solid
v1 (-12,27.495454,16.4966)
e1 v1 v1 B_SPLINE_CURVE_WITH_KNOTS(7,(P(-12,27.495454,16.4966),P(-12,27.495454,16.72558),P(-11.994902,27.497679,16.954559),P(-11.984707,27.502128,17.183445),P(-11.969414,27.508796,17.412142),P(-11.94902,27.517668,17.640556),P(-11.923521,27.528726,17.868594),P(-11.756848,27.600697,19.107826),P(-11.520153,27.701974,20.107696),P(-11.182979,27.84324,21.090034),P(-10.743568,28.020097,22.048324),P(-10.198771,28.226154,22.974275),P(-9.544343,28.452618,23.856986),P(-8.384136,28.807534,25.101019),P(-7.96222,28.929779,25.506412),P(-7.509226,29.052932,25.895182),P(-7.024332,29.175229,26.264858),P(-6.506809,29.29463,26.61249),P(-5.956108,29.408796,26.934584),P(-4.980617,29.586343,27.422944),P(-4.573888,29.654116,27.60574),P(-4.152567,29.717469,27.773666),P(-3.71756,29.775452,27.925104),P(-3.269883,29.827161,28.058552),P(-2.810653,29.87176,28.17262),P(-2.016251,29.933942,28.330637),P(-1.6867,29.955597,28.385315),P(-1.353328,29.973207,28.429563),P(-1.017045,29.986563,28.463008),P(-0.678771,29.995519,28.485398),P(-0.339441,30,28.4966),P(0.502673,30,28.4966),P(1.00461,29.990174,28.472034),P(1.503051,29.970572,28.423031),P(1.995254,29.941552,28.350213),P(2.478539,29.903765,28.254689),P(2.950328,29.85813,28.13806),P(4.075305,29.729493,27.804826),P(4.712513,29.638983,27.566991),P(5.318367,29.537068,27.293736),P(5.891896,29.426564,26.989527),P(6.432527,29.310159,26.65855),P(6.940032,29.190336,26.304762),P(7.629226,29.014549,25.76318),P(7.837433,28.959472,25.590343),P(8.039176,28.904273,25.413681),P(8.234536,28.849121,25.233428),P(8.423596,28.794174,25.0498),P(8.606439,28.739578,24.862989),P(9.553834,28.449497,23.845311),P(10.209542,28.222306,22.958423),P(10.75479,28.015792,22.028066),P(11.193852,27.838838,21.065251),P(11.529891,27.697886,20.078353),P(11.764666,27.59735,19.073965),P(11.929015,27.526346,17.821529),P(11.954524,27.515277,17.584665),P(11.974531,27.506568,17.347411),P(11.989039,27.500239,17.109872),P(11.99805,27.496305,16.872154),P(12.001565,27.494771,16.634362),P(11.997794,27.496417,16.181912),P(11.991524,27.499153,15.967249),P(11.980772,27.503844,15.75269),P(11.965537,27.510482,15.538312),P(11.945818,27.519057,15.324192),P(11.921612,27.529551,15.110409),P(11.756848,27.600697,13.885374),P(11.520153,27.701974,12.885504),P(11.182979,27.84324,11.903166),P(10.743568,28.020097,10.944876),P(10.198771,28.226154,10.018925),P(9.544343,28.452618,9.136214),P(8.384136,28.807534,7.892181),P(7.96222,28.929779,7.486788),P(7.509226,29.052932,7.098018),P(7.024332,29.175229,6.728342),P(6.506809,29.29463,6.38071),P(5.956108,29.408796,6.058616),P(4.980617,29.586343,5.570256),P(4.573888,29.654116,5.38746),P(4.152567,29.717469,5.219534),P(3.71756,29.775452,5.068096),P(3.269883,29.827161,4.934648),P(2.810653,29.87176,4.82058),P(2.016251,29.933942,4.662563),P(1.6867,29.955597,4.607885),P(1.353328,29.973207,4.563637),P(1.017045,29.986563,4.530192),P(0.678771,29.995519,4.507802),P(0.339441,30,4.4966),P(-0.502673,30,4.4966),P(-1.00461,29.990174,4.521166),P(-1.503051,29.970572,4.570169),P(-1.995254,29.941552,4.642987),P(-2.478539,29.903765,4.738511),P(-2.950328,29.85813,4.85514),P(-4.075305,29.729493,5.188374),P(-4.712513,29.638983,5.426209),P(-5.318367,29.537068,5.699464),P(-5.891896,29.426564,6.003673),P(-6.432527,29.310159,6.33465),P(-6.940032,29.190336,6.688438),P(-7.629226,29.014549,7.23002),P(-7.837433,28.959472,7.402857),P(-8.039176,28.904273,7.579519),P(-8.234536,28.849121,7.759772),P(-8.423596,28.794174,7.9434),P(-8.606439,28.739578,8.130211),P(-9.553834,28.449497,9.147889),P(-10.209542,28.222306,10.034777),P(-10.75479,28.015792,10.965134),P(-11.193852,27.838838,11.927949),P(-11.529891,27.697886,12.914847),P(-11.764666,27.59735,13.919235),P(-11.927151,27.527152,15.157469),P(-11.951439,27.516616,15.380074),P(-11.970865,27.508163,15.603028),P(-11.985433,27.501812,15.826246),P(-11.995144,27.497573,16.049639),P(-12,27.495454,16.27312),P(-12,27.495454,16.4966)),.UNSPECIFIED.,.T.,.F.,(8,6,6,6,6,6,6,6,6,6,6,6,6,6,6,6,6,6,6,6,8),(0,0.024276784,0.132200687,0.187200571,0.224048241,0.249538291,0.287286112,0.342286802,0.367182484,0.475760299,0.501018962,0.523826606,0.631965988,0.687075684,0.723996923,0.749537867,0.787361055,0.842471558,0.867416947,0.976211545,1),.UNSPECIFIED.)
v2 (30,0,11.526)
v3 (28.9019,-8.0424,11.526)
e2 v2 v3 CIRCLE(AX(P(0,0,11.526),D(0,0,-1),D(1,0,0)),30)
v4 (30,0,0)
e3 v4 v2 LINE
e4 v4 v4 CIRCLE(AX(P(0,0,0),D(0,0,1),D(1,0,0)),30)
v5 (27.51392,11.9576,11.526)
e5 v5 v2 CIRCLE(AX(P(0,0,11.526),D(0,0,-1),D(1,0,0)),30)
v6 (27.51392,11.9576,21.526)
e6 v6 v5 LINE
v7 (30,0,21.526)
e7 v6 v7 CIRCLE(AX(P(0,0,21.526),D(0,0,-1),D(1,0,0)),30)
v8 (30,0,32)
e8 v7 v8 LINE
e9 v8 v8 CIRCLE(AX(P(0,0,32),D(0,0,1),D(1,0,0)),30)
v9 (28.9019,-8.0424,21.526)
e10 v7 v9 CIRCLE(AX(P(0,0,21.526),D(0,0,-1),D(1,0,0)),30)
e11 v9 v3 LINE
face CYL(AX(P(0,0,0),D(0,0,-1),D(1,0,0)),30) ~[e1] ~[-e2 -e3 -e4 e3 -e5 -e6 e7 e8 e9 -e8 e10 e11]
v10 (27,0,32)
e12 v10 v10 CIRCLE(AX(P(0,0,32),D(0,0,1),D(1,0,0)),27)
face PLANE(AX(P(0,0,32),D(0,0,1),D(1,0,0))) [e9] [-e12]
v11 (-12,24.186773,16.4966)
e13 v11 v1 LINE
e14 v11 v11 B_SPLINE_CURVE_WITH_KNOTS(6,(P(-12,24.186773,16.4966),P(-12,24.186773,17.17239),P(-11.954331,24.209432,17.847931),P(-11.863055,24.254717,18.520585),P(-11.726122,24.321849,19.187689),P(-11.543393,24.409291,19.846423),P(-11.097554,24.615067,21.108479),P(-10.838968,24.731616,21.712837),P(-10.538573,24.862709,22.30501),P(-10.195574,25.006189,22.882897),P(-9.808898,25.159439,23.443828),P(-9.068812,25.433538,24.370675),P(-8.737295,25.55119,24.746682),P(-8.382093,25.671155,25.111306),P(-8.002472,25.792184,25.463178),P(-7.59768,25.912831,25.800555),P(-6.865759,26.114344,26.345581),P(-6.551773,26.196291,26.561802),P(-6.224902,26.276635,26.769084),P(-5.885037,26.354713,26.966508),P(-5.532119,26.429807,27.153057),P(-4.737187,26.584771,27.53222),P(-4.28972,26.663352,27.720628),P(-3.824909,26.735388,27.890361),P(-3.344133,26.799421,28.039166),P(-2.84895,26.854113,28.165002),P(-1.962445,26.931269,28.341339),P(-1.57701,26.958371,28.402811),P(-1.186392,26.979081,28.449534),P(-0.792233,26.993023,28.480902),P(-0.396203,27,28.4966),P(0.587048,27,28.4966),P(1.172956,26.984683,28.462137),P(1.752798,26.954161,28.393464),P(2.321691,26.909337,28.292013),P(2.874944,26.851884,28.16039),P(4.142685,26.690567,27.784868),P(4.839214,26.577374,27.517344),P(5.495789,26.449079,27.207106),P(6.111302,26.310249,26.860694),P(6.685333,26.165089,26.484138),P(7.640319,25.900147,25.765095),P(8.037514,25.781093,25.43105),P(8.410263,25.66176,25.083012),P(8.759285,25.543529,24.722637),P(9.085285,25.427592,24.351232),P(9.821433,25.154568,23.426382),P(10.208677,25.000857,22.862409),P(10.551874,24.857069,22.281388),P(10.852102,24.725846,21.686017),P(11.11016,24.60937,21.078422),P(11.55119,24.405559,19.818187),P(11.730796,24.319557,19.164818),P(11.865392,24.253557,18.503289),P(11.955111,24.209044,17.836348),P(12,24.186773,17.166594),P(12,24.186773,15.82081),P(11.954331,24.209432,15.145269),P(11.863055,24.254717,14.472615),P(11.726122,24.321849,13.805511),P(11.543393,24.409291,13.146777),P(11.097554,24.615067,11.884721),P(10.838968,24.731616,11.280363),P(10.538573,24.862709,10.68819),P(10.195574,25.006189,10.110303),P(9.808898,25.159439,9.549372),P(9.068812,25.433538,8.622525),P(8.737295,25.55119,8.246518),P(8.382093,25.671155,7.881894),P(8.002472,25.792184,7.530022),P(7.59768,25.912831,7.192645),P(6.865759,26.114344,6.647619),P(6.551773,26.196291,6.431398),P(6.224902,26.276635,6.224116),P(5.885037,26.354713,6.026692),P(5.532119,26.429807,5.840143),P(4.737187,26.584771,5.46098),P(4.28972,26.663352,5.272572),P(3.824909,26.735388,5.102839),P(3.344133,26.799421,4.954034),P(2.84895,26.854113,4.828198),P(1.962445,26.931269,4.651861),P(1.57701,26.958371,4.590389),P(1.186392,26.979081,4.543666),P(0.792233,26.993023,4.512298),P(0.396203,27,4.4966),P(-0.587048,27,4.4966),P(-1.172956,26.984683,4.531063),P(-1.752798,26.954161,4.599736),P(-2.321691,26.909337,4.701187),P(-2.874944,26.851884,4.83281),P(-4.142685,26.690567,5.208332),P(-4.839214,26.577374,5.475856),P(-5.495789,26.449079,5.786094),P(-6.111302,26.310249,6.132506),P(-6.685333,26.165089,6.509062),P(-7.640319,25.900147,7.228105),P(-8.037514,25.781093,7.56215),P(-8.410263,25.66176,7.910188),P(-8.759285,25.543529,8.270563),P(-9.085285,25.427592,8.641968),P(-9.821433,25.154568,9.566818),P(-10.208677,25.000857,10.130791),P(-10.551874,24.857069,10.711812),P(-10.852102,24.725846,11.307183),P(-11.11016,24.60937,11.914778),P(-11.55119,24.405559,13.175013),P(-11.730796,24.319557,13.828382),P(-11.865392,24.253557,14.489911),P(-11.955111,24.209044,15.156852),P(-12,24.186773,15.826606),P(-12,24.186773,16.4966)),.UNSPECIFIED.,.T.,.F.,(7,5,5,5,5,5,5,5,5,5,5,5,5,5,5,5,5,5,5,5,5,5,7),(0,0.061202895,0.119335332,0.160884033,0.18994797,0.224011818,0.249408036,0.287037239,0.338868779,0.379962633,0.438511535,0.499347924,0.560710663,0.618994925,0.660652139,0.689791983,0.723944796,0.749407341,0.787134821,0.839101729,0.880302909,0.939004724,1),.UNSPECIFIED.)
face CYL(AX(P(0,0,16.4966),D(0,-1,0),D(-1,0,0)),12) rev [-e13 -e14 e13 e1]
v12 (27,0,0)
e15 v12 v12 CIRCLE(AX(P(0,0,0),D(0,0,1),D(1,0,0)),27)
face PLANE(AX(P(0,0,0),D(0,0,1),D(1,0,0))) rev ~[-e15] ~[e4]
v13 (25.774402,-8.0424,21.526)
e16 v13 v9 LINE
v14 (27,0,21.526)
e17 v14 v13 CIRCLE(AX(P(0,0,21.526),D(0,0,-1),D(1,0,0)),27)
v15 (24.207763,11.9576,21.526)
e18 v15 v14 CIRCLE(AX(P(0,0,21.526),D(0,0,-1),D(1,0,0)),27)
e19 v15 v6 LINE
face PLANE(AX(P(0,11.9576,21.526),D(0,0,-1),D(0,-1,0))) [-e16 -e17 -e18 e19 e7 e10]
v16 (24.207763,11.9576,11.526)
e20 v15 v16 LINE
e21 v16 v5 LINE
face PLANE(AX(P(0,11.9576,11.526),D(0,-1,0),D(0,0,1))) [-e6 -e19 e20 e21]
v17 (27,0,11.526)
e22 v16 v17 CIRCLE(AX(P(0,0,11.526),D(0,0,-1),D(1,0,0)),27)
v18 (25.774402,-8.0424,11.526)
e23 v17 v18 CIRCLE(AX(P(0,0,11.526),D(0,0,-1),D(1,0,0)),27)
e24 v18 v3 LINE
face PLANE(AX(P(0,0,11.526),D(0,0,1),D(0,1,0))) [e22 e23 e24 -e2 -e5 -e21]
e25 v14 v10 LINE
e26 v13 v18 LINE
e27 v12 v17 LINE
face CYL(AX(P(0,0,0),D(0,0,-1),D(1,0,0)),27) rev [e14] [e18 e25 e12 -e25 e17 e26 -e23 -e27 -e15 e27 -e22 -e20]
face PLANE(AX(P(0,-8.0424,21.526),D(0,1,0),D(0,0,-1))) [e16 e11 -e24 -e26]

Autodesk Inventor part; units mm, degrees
ref_plane "YZ Plane" through (0, 0, 0) normal (1, 0, 0) x (0, 1, 0)
ref_plane "XZ Plane" through (0, 0, 0) normal (0, 1, 0) x (-1, 0, 0)
ref_plane "XY Plane" through (0, 0, 0) normal (0, 0, 1) x (1, 0, 0)
sketch "Esquisse1" plane through (0, 0, 0) normal (0, 0, 1) x (1, 0, 0)
  circle A0 centre (0, 0) radius 30
  circle A1 centre (0, 0) radius 27
  dimension "d0" = 60
  dimension "d1" = 54
extrude "Extrusion1" add sketch "Esquisse1" along normal blind 32
sketch "Esquisse2" plane through (0, 0, 0) normal (0, 1, 0) x (-1, 0, 0)
  circle A0 centre (0, 16.4966) radius 15.5
  circle A1 centre (0, 16.4966) radius 12
  point P0 (0, 0)
  dimension "d18" = 24
  dimension "d19" = 31
extrude "Extrusion2" cut sketch "Esquisse2" along normal blind 111.75 contours A1
thread "Filetage1" size "M25x2" class "6H" standard "ANSI Metric M Profile" full length
sketch "Esquisse3" plane through (0, 0, 0) normal (1, 0, 0) x (0, 1, 0)
  line L0 (11.9576, 21.526) -> (-8.0424, 21.526)
  line L1 (-8.0424, 21.526) -> (-8.0424, 11.526)
  line L2 (-8.0424, 11.526) -> (11.9576, 11.526)
  line L3 (11.9576, 11.526) -> (11.9576, 21.526)
  line L4 (0, 0) -> (0, 32)
  line L5 (30, 0) -> (-30, 0) projected
  dimension "d10" = 10
  dimension "d12" = 32
  dimension "d17" = 20
extrude "Extrusion3" cut sketch "Esquisse3" along normal blind 30
properties part number "Cadran base"
